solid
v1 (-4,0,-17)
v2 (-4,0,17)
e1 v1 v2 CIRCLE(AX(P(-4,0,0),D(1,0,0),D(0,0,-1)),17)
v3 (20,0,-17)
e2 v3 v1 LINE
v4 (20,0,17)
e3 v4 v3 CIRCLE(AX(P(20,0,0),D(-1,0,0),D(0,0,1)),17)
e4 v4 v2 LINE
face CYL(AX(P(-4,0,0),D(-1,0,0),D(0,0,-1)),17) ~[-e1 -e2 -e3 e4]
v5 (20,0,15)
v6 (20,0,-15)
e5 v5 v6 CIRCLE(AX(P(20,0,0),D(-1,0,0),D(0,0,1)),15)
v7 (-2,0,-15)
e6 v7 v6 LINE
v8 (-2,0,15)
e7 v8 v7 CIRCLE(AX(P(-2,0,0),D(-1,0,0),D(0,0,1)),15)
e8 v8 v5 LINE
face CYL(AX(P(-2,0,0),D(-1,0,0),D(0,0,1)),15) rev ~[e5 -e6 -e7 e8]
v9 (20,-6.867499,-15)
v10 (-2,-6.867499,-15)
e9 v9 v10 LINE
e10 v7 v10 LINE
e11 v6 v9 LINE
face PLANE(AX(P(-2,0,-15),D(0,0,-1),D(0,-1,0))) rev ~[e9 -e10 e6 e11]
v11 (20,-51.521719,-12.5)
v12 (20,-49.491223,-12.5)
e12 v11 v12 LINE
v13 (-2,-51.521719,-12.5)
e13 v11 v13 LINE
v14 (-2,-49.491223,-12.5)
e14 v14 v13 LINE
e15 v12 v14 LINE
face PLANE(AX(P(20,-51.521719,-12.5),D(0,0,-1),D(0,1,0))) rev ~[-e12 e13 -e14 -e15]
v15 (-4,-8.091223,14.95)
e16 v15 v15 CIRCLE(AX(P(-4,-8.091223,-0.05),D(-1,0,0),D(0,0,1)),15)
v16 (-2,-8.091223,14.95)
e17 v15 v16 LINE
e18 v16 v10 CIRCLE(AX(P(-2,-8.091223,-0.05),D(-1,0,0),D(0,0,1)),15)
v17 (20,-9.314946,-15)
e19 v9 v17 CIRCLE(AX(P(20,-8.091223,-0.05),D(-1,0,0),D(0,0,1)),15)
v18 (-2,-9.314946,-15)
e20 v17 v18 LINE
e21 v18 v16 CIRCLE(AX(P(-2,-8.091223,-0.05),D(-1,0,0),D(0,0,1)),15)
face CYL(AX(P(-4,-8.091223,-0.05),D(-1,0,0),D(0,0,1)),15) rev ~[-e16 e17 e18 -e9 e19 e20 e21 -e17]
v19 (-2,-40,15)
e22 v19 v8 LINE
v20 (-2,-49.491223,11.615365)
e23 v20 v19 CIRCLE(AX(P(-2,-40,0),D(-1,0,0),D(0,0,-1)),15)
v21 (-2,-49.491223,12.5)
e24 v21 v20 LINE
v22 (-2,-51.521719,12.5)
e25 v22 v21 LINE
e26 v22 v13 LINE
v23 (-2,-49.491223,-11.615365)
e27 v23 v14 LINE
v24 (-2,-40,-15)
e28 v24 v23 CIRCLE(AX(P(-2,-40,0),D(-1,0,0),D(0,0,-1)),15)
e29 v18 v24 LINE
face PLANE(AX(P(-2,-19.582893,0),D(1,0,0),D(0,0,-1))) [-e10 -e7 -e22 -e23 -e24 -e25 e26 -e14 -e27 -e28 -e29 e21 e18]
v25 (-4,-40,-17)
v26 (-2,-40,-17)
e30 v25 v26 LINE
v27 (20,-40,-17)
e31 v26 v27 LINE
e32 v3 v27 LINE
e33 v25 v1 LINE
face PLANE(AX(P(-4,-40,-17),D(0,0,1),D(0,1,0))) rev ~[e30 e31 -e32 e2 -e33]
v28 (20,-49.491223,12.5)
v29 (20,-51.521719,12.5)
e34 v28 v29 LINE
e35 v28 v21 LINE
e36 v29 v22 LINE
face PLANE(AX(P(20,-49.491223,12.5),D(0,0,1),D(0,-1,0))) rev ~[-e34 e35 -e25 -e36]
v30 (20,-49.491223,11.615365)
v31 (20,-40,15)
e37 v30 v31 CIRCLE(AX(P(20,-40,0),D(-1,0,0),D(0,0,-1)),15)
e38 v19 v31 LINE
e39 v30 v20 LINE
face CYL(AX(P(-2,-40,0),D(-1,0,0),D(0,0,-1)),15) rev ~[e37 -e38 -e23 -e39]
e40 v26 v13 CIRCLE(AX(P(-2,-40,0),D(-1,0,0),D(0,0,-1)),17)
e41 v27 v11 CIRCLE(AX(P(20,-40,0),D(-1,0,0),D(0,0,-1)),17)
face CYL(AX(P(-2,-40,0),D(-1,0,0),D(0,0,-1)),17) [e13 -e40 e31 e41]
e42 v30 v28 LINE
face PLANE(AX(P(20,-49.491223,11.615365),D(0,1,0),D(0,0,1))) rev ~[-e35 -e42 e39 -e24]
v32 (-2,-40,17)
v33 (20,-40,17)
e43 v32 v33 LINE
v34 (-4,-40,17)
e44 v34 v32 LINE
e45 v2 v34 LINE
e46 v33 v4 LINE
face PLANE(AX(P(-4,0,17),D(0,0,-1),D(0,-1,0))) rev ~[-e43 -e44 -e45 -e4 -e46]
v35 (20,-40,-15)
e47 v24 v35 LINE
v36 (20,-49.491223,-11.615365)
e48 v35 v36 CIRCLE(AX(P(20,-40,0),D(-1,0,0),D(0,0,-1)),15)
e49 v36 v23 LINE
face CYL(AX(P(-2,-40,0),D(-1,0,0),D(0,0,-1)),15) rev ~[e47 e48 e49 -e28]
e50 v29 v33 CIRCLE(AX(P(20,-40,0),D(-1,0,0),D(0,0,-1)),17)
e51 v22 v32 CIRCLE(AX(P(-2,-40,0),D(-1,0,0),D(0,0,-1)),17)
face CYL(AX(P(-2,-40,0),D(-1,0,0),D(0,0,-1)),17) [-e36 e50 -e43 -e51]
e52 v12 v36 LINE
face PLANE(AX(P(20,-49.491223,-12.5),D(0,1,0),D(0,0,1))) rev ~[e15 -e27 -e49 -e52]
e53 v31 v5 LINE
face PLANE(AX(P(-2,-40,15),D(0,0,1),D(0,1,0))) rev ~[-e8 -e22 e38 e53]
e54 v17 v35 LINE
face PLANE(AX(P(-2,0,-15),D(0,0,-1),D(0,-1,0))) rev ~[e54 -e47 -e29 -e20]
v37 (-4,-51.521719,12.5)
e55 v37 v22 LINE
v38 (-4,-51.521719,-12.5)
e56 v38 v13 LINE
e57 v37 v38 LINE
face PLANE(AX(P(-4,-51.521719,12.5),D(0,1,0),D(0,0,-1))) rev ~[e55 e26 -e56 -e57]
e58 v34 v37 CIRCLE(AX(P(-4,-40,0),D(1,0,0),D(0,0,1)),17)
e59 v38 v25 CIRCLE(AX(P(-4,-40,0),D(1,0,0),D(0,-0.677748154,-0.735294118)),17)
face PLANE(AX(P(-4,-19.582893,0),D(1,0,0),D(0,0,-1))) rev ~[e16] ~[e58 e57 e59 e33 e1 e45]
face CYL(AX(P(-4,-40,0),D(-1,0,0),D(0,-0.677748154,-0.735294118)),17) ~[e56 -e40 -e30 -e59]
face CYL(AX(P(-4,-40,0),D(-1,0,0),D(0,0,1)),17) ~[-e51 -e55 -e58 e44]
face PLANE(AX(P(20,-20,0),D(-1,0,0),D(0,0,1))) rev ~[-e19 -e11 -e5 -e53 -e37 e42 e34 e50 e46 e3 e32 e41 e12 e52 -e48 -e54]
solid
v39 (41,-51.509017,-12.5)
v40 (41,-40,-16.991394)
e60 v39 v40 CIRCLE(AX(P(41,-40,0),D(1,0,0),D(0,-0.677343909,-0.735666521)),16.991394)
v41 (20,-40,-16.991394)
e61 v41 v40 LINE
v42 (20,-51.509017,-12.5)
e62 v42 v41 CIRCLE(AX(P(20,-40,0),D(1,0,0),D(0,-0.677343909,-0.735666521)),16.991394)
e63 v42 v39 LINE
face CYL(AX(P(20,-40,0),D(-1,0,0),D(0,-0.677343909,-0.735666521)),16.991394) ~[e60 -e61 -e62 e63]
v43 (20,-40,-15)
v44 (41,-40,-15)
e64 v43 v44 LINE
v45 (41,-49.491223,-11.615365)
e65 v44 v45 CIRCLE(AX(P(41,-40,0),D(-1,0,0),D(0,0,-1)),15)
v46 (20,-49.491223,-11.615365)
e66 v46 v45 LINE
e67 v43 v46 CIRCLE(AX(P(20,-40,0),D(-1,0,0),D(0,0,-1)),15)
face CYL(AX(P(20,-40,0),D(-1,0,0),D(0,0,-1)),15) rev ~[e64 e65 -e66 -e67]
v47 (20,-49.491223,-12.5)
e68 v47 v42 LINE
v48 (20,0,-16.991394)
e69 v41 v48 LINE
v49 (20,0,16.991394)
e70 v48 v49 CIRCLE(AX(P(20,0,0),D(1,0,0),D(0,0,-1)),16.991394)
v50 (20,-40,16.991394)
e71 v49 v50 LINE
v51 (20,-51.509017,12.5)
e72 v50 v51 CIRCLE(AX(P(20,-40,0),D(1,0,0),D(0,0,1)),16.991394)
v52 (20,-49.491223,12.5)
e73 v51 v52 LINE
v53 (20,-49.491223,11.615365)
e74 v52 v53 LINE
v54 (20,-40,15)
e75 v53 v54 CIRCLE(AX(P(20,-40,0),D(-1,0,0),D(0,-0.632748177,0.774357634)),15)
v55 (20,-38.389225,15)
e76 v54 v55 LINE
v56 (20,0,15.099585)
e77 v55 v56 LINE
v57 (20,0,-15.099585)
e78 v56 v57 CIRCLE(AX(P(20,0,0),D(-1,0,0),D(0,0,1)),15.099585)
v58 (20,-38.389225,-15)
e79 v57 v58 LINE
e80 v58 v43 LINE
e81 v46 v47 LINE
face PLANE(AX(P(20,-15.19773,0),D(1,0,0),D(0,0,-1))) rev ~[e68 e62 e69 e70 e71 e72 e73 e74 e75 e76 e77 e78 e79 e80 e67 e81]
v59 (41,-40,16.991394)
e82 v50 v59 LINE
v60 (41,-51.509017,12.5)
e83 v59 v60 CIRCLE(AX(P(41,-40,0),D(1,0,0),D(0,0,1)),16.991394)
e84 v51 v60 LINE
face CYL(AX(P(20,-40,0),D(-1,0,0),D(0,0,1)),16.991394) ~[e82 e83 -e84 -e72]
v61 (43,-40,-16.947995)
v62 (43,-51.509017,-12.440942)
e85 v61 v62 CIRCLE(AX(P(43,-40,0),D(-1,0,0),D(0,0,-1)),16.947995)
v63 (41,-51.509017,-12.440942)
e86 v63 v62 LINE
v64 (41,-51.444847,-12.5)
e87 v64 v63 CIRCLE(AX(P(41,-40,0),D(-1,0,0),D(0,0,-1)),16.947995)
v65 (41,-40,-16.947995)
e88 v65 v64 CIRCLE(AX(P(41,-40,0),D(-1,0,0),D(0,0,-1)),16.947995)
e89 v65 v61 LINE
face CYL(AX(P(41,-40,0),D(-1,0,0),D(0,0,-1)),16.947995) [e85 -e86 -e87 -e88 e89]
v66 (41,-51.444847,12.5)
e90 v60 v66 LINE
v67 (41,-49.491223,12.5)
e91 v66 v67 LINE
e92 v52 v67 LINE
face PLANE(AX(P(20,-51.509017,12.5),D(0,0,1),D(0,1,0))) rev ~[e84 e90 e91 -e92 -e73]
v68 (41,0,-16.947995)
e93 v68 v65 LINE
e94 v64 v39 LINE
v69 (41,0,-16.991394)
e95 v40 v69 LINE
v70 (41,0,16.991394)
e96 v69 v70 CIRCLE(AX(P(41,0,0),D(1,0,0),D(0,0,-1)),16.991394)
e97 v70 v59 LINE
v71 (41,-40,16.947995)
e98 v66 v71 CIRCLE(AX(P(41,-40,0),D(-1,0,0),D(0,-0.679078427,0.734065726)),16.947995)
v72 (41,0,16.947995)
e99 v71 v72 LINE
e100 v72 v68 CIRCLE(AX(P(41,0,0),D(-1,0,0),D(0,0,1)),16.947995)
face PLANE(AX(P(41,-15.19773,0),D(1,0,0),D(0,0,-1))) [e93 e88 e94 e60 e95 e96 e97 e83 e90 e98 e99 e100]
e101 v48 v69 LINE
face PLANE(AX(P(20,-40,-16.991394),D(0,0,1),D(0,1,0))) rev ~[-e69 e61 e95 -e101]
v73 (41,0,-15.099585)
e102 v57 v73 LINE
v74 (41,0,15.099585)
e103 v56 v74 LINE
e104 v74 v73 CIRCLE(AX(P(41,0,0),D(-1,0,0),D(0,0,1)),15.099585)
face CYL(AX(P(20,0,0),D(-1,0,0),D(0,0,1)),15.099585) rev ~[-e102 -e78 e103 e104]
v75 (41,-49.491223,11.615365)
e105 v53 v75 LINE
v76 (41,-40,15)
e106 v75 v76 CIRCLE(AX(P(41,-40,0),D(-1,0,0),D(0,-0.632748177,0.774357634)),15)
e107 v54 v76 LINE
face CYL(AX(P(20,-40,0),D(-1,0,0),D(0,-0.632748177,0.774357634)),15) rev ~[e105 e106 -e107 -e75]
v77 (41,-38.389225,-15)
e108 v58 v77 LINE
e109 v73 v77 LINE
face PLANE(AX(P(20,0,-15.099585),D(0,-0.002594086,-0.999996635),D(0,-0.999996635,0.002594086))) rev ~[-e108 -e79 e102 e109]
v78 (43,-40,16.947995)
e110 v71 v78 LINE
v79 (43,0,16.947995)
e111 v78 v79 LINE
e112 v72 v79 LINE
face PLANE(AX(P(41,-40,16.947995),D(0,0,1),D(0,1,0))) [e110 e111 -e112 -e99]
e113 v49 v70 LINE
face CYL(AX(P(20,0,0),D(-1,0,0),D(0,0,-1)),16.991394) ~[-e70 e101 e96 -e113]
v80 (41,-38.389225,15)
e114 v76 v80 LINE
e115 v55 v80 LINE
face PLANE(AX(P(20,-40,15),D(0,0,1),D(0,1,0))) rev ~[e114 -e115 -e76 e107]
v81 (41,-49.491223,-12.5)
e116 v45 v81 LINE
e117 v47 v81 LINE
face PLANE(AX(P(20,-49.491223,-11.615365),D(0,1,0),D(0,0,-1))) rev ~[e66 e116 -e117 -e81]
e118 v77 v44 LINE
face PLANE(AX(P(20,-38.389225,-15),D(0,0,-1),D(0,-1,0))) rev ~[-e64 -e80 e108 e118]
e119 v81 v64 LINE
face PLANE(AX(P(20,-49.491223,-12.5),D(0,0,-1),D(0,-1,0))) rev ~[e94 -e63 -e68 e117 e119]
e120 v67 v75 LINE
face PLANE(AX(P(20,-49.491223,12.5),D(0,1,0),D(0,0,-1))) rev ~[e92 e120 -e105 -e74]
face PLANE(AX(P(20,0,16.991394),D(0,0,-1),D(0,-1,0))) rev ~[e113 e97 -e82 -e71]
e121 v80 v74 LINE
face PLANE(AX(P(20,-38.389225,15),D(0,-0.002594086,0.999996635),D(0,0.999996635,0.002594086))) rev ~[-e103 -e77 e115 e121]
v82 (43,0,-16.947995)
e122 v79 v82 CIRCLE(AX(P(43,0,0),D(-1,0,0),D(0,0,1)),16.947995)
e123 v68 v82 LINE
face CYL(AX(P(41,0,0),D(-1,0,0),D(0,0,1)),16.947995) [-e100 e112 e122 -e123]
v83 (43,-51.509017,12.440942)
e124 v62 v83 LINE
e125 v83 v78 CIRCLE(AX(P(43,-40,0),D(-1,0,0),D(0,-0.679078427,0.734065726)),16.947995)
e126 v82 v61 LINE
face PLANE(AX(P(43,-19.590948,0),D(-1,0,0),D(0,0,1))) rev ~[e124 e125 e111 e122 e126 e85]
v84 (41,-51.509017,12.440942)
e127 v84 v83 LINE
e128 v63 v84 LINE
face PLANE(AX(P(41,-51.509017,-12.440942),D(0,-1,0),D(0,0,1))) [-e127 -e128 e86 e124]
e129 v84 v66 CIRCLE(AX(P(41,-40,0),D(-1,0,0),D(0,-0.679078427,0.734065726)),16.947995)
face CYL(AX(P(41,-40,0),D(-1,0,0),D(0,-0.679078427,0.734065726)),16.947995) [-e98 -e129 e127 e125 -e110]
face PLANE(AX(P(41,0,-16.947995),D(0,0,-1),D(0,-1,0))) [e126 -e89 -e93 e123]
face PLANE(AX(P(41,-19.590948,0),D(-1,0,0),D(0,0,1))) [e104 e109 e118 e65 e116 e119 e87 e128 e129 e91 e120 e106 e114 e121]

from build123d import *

# Parameters (mm, degrees)
BOSS_EXTRUDE1_DEPTH      = 20
BOSS_EXTRUDE1_DEPTH_BACK = 2
CUT_EXTRUDE3_DEPTH       = 64.419239983
BOSS_EXTRUDE2_START      = 2
BOSS_EXTRUDE2_DEPTH      = 2
SKETCH6_R                = 15
CUT_EXTRUDE4_DEPTH       = 60.32526856
BOSS_EXTRUDE3_DEPTH      = 21
BOSS_EXTRUDE5_DEPTH      = 2


with BuildPart() as part:
    # Sketch1 → Boss-Extrude1 (new, two sides: drawn at the far end of the back side and taken through both)
    with BuildSketch(Plane(origin=(0, 0, 0), x_dir=(0, 0, -1), z_dir=(1, 0, 0)).offset(-BOSS_EXTRUDE1_DEPTH_BACK)):
        with BuildLine():
            Line((17, 0), (17, -40))
            ThreePointArc((17, -40), (0, -57), (-17, -40))
            Line((-17, -40), (-17, 0))
            ThreePointArc((-17, 0), (0, 17), (17, 0))
        make_face()
        with BuildLine():
            Line((15, 0), (15, -40))
            ThreePointArc((15, -40), (0, -55), (-15, -40))
            Line((-15, -40), (-15, 0))
            ThreePointArc((-15, 0), (0, 15), (15, 0))
        make_face(mode=Mode.SUBTRACT)
    extrude(amount=BOSS_EXTRUDE1_DEPTH + BOSS_EXTRUDE1_DEPTH_BACK)

    # Sketch4 → Cut-Extrude3 (cut, through all)
    with BuildSketch(Plane(origin=(20, 0, 0), x_dir=(0, 0, -1), z_dir=(1, 0, 0))):
        with BuildLine():
            ThreePointArc((-9.64115149, -51.491222648), (-10.675198738, -50.537558157), (-11.615364508, -49.491222648))
            Line((-11.615364508, -49.491222648), (-12.5, -49.491222648))
            Line((-12.5, -49.491222648), (-12.5, -51.491222648))
            Line((-12.5, -51.491222648), (-12.5, -51.521718622))
            ThreePointArc((-12.5, -51.521718622), (0, -57), (12.5, -51.521718622))
            Line((12.5, -51.521718622), (12.5, -51.491222648))
            Line((12.5, -51.491222648), (12.5, -49.491222648))
            Line((12.5, -49.491222648), (11.615364508, -49.491222648))
            ThreePointArc((11.615364508, -49.491222648), (1.405126065, -54.934042344), (-9.64115149, -51.491222648))
        make_face()
    extrude(amount=-CUT_EXTRUDE3_DEPTH, mode=Mode.SUBTRACT)

    # Sketch5 → Boss-Extrude2 (add)
    with BuildSketch(Plane.ZY.offset(2).offset(BOSS_EXTRUDE2_START)):
        with BuildLine():
            Line((17, 0), (17, -40))
            ThreePointArc((17, -40), (15.835087622, -46.184658438), (12.5, -51.521718622))
            Line((12.5, -51.521718622), (-12.5, -51.521718622))
            ThreePointArc((-12.5, -51.521718622), (-15.835087622, -46.184658438), (-17, -40))
            Line((-17, -40), (-17, 0))
            ThreePointArc((-17, 0), (0, 17), (17, 0))
        make_face()
    extrude(amount=-BOSS_EXTRUDE2_DEPTH)

    # Sketch6 → Cut-Extrude4 (cut, through all)
    with BuildSketch(Plane.ZY.offset(4)):
        with Locations((-0.05, -8.091222648)):
            Circle(SKETCH6_R)
    extrude(amount=-CUT_EXTRUDE4_DEPTH, mode=Mode.SUBTRACT)


with BuildPart() as body_2:
    # Sketch7 → Boss-Extrude3 (new body)
    with BuildSketch(Plane(origin=(20, 0, 0), x_dir=(0, 0, -1), z_dir=(1, 0, 0))):
        with BuildLine():
            Line((-12.5, -51.509017495), (-12.5, -49.491222648))
            Line((-12.5, -49.491222648), (-11.615364508, -49.491222648))
            ThreePointArc((-11.615364508, -49.491222648), (-14.128525536, -45.038329703), (-15, -40))
            Line((-15, -40), (-15, -38.389225494))
            Line((-15, -38.389225494), (-15.099585299, 0))
            ThreePointArc((-15.099585299, 0), (0, 15.099585299), (15.099585299, 0))
            Line((15.099585299, 0), (15, -38.389225494))
            Line((15, -38.389225494), (15, -40))
            ThreePointArc((15, -40), (14.128525536, -45.038329703), (11.615364508, -49.491222648))
            Line((11.615364508, -49.491222648), (12.5, -49.491222648))
            Line((12.5, -49.491222648), (12.5, -51.509017495))
            ThreePointArc((12.5, -51.509017495), (15.82876991, -46.177177903), (16.991394401, -40))
            Line((16.991394401, -40), (16.991394401, 0))
            ThreePointArc((16.991394401, 0), (0, 16.991394401), (-16.991394401, 0))
            Line((-16.991394401, 0), (-16.991394401, -40))
            ThreePointArc((-16.991394401, -40), (-15.82876991, -46.177177903), (-12.5, -51.509017495))
        make_face()
    extrude(amount=BOSS_EXTRUDE3_DEPTH)

    # Sketch10 → Boss-Extrude5 (add)
    with BuildSketch(Plane(origin=(41, 0, 0), x_dir=(0, 0, -1), z_dir=(1, 0, 0))):
        with BuildLine():
            Line((-16.947994575, -40), (-16.947994575, 0))
            ThreePointArc((-16.947994575, 0), (0, 16.947994575), (16.947994575, 0))
            Line((16.947994575, 0), (16.947994575, -40))
            ThreePointArc((16.947994575, -40), (15.781057263, -46.180028461), (12.440941943, -51.509017495))
            Line((12.440941943, -51.509017495), (-12.440941943, -51.509017495))
            ThreePointArc((-12.440941943, -51.509017495), (-15.781057263, -46.180028461), (-16.947994575, -40))
        make_face()
    extrude(amount=BOSS_EXTRUDE5_DEPTH)


solid = Compound([part.part, body_2.part])
